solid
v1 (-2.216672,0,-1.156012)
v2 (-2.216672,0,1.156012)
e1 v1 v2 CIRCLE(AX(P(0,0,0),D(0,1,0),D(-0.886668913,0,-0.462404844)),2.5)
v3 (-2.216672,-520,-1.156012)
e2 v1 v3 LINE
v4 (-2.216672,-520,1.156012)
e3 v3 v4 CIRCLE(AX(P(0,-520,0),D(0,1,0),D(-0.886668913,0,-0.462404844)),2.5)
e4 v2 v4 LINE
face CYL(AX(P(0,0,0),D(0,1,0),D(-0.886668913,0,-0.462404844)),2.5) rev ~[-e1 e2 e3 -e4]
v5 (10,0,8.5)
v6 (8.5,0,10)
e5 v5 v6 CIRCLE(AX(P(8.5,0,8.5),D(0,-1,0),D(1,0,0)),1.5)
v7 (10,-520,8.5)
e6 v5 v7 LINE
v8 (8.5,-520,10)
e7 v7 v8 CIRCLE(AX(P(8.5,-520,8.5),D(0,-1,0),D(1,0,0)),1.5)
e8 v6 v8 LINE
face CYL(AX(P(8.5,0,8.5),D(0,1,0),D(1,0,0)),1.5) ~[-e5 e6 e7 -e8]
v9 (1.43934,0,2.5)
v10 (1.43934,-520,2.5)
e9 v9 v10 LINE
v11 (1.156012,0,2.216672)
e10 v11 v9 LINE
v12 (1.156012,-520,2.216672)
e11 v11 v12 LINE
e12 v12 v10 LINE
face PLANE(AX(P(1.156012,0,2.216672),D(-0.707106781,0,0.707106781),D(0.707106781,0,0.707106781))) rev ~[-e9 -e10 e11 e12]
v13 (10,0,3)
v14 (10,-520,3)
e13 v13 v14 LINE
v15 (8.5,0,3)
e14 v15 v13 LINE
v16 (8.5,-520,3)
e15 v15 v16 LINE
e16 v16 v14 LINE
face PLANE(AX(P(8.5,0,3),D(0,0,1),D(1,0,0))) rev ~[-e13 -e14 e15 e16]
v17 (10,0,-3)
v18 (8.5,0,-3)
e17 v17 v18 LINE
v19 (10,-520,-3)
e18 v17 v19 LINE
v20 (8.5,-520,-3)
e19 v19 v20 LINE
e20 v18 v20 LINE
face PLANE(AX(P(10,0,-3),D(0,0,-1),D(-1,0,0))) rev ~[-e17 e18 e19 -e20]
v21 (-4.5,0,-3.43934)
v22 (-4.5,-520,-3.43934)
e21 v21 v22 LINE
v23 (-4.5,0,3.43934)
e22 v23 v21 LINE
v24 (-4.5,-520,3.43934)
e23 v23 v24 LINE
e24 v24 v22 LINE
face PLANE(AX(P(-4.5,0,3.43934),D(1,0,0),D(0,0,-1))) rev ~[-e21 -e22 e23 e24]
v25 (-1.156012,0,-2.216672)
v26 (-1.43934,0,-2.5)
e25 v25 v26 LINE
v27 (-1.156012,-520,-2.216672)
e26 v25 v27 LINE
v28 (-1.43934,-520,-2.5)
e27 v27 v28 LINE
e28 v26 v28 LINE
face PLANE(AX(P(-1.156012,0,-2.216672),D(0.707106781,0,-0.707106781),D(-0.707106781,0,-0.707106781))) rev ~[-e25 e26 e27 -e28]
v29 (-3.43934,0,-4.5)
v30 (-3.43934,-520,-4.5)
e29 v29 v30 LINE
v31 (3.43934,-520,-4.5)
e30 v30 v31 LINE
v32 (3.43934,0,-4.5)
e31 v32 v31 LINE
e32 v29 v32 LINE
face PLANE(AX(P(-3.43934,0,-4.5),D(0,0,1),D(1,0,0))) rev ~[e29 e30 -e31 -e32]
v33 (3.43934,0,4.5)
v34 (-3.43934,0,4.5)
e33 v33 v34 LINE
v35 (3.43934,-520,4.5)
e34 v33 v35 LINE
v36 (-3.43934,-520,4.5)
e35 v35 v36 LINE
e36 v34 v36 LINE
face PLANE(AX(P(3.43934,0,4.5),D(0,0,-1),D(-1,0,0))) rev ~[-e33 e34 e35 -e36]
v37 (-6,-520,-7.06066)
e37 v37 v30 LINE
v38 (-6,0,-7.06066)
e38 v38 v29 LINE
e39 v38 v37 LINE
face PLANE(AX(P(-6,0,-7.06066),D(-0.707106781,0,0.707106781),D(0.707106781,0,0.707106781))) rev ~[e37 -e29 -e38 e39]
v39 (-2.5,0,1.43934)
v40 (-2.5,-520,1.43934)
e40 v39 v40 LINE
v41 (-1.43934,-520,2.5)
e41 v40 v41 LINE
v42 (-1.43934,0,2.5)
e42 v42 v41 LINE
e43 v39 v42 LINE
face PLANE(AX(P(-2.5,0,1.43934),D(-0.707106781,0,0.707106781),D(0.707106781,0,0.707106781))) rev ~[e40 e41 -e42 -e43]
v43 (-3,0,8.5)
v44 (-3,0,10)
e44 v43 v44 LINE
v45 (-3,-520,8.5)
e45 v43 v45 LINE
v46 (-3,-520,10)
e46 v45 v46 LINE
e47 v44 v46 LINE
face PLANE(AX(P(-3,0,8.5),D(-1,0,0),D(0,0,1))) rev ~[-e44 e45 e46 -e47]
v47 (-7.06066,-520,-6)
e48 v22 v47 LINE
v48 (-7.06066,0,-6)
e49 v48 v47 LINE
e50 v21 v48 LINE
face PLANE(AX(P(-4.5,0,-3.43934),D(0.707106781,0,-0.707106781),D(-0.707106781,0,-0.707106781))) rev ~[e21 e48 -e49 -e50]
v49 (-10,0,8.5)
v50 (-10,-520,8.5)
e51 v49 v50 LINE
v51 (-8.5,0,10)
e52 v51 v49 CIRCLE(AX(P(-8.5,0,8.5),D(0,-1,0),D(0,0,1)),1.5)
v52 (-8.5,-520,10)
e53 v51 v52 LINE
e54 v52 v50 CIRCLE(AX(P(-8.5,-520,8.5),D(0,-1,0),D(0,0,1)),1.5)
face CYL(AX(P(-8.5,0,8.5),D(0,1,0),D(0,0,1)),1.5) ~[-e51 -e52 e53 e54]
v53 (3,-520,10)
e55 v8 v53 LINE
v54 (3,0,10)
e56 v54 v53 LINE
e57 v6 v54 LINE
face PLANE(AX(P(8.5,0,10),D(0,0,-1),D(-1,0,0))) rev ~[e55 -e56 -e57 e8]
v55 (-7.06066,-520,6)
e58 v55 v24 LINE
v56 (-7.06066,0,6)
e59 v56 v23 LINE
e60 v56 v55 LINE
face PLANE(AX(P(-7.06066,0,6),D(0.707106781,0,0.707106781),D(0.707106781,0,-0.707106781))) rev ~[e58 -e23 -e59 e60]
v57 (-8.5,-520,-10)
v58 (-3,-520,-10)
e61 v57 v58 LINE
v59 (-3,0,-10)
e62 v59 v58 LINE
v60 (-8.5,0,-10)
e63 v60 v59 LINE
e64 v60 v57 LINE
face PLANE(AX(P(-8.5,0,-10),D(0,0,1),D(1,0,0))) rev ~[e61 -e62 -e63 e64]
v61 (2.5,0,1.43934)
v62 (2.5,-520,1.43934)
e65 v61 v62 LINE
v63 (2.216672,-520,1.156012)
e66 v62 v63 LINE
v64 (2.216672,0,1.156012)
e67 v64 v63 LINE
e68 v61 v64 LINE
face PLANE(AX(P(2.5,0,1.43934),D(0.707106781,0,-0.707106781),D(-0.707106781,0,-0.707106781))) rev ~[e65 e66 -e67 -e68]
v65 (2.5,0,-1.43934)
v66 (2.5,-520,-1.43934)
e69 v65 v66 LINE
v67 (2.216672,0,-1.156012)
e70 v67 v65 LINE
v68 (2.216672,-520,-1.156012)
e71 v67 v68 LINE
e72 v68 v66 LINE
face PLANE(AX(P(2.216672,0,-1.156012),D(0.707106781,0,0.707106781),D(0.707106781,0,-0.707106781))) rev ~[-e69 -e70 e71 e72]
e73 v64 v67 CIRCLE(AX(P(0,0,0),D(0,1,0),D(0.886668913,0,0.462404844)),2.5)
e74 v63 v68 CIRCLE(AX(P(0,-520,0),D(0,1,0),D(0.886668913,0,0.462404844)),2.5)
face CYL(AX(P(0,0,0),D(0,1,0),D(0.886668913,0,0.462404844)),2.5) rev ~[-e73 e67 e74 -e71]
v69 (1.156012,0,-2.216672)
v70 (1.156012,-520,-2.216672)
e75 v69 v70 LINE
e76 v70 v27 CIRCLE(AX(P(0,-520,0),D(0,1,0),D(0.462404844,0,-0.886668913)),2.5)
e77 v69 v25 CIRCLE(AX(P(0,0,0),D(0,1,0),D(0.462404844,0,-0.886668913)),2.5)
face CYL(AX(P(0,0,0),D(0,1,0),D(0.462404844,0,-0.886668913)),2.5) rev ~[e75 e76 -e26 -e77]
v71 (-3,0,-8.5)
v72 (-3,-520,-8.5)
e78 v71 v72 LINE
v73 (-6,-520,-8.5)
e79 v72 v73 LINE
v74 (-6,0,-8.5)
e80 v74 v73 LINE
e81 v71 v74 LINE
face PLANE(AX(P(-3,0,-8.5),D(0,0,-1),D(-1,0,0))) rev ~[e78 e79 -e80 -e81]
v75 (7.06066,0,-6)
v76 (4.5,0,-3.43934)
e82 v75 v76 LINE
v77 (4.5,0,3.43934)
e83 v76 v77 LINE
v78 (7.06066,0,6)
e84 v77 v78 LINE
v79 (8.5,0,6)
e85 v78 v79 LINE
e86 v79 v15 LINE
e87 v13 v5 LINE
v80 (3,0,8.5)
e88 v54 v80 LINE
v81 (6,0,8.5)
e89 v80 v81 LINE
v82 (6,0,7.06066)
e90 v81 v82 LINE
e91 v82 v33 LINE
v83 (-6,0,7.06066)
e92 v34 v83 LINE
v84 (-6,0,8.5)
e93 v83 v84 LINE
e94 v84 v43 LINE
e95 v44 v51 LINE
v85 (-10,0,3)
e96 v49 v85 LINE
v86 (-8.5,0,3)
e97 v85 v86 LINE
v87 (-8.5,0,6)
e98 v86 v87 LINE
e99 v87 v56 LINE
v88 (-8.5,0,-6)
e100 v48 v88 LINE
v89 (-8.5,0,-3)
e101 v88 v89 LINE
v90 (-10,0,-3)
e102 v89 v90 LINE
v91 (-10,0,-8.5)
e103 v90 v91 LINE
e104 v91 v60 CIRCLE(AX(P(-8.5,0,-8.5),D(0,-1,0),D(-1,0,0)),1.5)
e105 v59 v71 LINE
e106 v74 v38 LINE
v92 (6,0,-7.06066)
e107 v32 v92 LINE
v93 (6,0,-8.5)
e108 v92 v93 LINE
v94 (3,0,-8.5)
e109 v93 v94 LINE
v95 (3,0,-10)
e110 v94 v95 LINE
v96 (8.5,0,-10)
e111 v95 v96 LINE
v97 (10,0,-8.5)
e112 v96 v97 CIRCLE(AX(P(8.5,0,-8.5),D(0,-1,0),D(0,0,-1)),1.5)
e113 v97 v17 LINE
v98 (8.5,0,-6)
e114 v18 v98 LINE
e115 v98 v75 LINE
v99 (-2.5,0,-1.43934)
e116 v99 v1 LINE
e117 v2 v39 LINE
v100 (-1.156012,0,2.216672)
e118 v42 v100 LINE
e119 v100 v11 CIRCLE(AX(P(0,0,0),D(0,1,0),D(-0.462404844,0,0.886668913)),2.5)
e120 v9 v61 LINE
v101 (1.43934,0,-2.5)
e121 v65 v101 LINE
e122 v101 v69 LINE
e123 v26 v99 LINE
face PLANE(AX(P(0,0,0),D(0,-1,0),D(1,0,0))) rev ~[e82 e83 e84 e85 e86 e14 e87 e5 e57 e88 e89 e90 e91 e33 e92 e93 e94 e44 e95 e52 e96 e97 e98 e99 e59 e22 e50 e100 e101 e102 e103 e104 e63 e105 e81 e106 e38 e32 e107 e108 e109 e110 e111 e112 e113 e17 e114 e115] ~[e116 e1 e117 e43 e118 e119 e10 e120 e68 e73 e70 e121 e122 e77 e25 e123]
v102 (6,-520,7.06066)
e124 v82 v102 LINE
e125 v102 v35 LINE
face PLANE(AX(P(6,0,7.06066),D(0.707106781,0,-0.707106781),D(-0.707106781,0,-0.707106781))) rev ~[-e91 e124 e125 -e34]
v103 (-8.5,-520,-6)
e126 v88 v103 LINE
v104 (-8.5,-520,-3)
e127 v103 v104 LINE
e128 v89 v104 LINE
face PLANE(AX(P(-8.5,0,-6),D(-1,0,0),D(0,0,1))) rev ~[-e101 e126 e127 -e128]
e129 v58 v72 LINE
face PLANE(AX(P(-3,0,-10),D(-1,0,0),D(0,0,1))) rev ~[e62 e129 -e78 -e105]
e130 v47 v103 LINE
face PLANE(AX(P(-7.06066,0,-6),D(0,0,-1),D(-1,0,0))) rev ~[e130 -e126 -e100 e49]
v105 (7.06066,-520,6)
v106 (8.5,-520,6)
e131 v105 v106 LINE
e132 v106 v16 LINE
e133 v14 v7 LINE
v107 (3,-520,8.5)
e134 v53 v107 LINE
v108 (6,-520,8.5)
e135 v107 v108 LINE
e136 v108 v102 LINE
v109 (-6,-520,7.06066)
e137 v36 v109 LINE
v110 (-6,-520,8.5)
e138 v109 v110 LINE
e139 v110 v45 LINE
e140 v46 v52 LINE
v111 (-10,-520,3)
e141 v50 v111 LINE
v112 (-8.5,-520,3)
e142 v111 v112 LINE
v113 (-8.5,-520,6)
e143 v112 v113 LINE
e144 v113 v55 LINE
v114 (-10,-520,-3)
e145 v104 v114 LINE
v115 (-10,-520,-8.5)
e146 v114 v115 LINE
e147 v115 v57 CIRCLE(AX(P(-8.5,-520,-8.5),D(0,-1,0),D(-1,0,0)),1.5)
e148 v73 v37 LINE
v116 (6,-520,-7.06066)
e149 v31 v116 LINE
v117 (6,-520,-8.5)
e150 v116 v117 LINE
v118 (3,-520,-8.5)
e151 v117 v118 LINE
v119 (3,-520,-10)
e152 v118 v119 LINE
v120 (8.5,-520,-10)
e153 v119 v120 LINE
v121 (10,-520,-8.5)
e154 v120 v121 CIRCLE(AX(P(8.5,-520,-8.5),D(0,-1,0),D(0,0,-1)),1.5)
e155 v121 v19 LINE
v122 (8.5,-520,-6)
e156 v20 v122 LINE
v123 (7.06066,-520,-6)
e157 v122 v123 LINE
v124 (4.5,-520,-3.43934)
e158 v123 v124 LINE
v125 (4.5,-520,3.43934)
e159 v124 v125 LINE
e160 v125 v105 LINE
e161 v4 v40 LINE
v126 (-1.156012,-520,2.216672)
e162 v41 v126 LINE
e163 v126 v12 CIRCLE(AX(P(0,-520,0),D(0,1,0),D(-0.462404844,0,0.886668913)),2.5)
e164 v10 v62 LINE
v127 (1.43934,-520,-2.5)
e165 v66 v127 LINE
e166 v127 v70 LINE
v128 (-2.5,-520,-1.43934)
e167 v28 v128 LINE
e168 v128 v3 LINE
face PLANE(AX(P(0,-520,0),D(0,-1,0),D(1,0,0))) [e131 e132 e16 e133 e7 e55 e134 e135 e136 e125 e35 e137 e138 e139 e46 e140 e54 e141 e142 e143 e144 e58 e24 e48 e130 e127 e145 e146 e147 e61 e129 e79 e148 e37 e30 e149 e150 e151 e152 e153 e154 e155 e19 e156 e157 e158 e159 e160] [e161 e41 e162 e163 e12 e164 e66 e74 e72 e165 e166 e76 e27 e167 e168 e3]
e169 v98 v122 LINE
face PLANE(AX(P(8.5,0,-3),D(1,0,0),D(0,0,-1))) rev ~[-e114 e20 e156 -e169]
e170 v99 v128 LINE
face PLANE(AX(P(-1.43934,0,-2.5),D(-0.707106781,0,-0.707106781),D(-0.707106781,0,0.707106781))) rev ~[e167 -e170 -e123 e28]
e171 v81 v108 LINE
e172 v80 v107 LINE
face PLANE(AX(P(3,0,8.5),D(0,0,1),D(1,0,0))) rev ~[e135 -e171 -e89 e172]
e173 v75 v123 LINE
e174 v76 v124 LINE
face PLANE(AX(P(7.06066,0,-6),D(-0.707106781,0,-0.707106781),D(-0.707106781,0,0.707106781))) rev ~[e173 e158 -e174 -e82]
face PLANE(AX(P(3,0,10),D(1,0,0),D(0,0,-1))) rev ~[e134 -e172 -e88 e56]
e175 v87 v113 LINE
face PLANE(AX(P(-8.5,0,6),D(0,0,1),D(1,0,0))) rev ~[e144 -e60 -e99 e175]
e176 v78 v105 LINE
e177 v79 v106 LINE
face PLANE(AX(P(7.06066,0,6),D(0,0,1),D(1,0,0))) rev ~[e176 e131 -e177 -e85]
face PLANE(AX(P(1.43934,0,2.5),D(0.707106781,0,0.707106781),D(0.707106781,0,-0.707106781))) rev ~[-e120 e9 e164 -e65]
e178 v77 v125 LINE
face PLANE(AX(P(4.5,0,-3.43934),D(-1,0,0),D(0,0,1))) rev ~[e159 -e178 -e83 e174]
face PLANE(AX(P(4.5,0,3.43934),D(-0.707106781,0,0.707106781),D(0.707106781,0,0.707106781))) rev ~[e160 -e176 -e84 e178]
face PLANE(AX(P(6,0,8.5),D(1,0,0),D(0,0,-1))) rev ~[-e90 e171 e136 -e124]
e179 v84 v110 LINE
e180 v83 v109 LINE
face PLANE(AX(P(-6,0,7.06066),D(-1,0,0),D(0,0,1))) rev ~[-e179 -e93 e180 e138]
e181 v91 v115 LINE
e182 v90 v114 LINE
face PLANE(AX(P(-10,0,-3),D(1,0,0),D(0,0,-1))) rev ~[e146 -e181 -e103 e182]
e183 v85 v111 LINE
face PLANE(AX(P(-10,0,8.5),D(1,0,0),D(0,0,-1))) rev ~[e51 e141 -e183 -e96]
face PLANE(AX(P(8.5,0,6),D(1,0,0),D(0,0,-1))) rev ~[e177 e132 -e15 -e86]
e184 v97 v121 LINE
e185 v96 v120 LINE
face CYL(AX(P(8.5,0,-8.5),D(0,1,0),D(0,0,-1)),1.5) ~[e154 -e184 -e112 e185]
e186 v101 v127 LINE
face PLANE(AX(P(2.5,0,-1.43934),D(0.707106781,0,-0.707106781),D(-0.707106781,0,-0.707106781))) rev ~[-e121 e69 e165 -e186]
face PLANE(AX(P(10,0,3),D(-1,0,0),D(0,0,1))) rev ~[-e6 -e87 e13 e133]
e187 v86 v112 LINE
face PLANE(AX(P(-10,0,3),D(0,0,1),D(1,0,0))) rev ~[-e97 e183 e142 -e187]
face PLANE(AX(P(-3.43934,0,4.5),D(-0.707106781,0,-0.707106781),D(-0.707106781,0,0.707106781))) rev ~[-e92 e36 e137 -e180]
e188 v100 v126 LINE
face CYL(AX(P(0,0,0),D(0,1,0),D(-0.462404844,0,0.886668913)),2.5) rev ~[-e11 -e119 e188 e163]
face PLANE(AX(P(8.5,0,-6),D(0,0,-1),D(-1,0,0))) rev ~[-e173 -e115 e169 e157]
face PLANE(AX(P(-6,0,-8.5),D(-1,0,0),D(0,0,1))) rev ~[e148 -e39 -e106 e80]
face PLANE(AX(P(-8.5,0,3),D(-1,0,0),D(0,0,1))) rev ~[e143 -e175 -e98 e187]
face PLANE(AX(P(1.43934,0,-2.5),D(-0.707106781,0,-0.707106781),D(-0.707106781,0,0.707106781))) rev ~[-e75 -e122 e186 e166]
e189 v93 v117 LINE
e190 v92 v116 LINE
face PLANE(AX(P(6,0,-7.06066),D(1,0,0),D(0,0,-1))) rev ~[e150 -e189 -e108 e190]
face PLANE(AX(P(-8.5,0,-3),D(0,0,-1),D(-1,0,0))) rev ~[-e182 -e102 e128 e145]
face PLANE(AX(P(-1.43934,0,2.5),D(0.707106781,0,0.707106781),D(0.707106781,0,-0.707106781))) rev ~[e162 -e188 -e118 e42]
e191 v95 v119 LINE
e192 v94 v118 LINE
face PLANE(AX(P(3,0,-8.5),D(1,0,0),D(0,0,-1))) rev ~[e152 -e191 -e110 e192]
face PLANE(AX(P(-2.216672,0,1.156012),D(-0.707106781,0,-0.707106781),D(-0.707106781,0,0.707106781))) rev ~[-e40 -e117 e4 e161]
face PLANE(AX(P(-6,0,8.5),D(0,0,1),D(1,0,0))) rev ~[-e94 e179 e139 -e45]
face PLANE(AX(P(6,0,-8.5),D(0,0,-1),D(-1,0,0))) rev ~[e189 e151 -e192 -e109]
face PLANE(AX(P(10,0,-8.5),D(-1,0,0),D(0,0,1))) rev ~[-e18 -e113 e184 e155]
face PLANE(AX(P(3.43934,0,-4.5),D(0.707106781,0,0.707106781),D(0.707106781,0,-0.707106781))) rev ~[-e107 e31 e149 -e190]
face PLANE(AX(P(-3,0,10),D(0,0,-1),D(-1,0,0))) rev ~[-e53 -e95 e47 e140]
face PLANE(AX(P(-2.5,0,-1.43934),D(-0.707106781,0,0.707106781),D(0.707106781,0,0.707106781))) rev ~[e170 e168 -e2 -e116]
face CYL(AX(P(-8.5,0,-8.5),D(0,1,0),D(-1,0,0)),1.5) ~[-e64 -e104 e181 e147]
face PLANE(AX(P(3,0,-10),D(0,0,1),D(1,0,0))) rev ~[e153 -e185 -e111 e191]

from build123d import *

# Parameters (mm, degrees)
F1_DEPTH = 520


with BuildPart() as f1:
    # F0 (on Front) → F1 (new body)
    with BuildSketch(Plane.XZ):
        with BuildLine():
            Line((3, -10), (8.5, -10))
            ThreePointArc((8.5, -10), (9.5606601718, -9.5606601718), (10, -8.5))
            Line((10, -8.5), (10, -3))
            Line((10, -3), (8.5, -3))
            Line((8.5, -3), (8.5, -6))
            Line((8.5, -6), (7.0606601718, -6))
            Line((7.0606601718, -6), (4.5, -3.4393398282))
            Line((4.5, -3.4393398282), (4.5, 3.4393398282))
            Line((4.5, 3.4393398282), (7.0606601718, 6))
            Line((7.0606601718, 6), (8.5, 6))
            Line((8.5, 6), (8.5, 3))
            Line((8.5, 3), (10, 3))
            Line((10, 3), (10, 8.5))
            ThreePointArc((10, 8.5), (9.5606601718, 9.5606601718), (8.5, 10))
            Line((8.5, 10), (3, 10))
            Line((3, 10), (3, 8.5))
            Line((3, 8.5), (6, 8.5))
            Line((6, 8.5), (6, 7.0606601718))
            Line((6, 7.0606601718), (3.4393398282, 4.5))
            Line((3.4393398282, 4.5), (-3.4393398282, 4.5))
            Line((-3.4393398282, 4.5), (-6, 7.0606601718))
            Line((-6, 7.0606601718), (-6, 8.5))
            Line((-6, 8.5), (-3, 8.5))
            Line((-3, 8.5), (-3, 10))
            Line((-3, 10), (-8.5, 10))
            ThreePointArc((-8.5, 10), (-9.5606601718, 9.5606601718), (-10, 8.5))
            Line((-10, 8.5), (-10, 3))
            Line((-10, 3), (-8.5, 3))
            Line((-8.5, 3), (-8.5, 6))
            Line((-8.5, 6), (-7.0606601718, 6))
            Line((-7.0606601718, 6), (-4.5, 3.4393398282))
            Line((-4.5, 3.4393398282), (-4.5, -3.4393398282))
            Line((-4.5, -3.4393398282), (-7.0606601718, -6))
            Line((-7.0606601718, -6), (-8.5, -6))
            Line((-8.5, -6), (-8.5, -3))
            Line((-8.5, -3), (-10, -3))
            Line((-10, -3), (-10, -8.5))
            ThreePointArc((-10, -8.5), (-9.5606601718, -9.5606601718), (-8.5, -10))
            Line((-8.5, -10), (-3, -10))
            Line((-3, -10), (-3, -8.5))
            Line((-3, -8.5), (-6, -8.5))
            Line((-6, -8.5), (-6, -7.0606601718))
            Line((-6, -7.0606601718), (-3.4393398282, -4.5))
            Line((-3.4393398282, -4.5), (3.4393398282, -4.5))
            Line((3.4393398282, -4.5), (6, -7.0606601718))
            Line((6, -7.0606601718), (6, -8.5))
            Line((6, -8.5), (3, -8.5))
            Line((3, -8.5), (3, -10))
        make_face()
        with BuildLine():
            ThreePointArc((-1.1560121095, 2.2166722813), (0, 2.5), (1.1560121095, 2.2166722813))
            Line((1.1560121095, 2.2166722813), (1.4393398282, 2.5))
            Line((1.4393398282, 2.5), (2.5, 1.4393398282))
            Line((2.5, 1.4393398282), (2.2166722813, 1.1560121095))
            ThreePointArc((2.2166722813, 1.1560121095), (2.5, 0), (2.2166722813, -1.1560121095))
            Line((2.2166722813, -1.1560121095), (2.5, -1.4393398282))
            Line((2.5, -1.4393398282), (1.4393398282, -2.5))
            Line((1.4393398282, -2.5), (1.1560121095, -2.2166722813))
            ThreePointArc((1.1560121095, -2.2166722813), (0, -2.5), (-1.1560121095, -2.2166722813))
            Line((-1.1560121095, -2.2166722813), (-1.4393398282, -2.5))
            Line((-1.4393398282, -2.5), (-2.5, -1.4393398282))
            Line((-2.5, -1.4393398282), (-2.2166722813, -1.1560121095))
            ThreePointArc((-2.2166722813, -1.1560121095), (-2.5, 0), (-2.2166722813, 1.1560121095))
            Line((-2.2166722813, 1.1560121095), (-2.5, 1.4393398282))
            Line((-2.5, 1.4393398282), (-1.4393398282, 2.5))
            Line((-1.4393398282, 2.5), (-1.1560121095, 2.2166722813))
        make_face(mode=Mode.SUBTRACT)
    extrude(amount=F1_DEPTH)


solid = f1.part
